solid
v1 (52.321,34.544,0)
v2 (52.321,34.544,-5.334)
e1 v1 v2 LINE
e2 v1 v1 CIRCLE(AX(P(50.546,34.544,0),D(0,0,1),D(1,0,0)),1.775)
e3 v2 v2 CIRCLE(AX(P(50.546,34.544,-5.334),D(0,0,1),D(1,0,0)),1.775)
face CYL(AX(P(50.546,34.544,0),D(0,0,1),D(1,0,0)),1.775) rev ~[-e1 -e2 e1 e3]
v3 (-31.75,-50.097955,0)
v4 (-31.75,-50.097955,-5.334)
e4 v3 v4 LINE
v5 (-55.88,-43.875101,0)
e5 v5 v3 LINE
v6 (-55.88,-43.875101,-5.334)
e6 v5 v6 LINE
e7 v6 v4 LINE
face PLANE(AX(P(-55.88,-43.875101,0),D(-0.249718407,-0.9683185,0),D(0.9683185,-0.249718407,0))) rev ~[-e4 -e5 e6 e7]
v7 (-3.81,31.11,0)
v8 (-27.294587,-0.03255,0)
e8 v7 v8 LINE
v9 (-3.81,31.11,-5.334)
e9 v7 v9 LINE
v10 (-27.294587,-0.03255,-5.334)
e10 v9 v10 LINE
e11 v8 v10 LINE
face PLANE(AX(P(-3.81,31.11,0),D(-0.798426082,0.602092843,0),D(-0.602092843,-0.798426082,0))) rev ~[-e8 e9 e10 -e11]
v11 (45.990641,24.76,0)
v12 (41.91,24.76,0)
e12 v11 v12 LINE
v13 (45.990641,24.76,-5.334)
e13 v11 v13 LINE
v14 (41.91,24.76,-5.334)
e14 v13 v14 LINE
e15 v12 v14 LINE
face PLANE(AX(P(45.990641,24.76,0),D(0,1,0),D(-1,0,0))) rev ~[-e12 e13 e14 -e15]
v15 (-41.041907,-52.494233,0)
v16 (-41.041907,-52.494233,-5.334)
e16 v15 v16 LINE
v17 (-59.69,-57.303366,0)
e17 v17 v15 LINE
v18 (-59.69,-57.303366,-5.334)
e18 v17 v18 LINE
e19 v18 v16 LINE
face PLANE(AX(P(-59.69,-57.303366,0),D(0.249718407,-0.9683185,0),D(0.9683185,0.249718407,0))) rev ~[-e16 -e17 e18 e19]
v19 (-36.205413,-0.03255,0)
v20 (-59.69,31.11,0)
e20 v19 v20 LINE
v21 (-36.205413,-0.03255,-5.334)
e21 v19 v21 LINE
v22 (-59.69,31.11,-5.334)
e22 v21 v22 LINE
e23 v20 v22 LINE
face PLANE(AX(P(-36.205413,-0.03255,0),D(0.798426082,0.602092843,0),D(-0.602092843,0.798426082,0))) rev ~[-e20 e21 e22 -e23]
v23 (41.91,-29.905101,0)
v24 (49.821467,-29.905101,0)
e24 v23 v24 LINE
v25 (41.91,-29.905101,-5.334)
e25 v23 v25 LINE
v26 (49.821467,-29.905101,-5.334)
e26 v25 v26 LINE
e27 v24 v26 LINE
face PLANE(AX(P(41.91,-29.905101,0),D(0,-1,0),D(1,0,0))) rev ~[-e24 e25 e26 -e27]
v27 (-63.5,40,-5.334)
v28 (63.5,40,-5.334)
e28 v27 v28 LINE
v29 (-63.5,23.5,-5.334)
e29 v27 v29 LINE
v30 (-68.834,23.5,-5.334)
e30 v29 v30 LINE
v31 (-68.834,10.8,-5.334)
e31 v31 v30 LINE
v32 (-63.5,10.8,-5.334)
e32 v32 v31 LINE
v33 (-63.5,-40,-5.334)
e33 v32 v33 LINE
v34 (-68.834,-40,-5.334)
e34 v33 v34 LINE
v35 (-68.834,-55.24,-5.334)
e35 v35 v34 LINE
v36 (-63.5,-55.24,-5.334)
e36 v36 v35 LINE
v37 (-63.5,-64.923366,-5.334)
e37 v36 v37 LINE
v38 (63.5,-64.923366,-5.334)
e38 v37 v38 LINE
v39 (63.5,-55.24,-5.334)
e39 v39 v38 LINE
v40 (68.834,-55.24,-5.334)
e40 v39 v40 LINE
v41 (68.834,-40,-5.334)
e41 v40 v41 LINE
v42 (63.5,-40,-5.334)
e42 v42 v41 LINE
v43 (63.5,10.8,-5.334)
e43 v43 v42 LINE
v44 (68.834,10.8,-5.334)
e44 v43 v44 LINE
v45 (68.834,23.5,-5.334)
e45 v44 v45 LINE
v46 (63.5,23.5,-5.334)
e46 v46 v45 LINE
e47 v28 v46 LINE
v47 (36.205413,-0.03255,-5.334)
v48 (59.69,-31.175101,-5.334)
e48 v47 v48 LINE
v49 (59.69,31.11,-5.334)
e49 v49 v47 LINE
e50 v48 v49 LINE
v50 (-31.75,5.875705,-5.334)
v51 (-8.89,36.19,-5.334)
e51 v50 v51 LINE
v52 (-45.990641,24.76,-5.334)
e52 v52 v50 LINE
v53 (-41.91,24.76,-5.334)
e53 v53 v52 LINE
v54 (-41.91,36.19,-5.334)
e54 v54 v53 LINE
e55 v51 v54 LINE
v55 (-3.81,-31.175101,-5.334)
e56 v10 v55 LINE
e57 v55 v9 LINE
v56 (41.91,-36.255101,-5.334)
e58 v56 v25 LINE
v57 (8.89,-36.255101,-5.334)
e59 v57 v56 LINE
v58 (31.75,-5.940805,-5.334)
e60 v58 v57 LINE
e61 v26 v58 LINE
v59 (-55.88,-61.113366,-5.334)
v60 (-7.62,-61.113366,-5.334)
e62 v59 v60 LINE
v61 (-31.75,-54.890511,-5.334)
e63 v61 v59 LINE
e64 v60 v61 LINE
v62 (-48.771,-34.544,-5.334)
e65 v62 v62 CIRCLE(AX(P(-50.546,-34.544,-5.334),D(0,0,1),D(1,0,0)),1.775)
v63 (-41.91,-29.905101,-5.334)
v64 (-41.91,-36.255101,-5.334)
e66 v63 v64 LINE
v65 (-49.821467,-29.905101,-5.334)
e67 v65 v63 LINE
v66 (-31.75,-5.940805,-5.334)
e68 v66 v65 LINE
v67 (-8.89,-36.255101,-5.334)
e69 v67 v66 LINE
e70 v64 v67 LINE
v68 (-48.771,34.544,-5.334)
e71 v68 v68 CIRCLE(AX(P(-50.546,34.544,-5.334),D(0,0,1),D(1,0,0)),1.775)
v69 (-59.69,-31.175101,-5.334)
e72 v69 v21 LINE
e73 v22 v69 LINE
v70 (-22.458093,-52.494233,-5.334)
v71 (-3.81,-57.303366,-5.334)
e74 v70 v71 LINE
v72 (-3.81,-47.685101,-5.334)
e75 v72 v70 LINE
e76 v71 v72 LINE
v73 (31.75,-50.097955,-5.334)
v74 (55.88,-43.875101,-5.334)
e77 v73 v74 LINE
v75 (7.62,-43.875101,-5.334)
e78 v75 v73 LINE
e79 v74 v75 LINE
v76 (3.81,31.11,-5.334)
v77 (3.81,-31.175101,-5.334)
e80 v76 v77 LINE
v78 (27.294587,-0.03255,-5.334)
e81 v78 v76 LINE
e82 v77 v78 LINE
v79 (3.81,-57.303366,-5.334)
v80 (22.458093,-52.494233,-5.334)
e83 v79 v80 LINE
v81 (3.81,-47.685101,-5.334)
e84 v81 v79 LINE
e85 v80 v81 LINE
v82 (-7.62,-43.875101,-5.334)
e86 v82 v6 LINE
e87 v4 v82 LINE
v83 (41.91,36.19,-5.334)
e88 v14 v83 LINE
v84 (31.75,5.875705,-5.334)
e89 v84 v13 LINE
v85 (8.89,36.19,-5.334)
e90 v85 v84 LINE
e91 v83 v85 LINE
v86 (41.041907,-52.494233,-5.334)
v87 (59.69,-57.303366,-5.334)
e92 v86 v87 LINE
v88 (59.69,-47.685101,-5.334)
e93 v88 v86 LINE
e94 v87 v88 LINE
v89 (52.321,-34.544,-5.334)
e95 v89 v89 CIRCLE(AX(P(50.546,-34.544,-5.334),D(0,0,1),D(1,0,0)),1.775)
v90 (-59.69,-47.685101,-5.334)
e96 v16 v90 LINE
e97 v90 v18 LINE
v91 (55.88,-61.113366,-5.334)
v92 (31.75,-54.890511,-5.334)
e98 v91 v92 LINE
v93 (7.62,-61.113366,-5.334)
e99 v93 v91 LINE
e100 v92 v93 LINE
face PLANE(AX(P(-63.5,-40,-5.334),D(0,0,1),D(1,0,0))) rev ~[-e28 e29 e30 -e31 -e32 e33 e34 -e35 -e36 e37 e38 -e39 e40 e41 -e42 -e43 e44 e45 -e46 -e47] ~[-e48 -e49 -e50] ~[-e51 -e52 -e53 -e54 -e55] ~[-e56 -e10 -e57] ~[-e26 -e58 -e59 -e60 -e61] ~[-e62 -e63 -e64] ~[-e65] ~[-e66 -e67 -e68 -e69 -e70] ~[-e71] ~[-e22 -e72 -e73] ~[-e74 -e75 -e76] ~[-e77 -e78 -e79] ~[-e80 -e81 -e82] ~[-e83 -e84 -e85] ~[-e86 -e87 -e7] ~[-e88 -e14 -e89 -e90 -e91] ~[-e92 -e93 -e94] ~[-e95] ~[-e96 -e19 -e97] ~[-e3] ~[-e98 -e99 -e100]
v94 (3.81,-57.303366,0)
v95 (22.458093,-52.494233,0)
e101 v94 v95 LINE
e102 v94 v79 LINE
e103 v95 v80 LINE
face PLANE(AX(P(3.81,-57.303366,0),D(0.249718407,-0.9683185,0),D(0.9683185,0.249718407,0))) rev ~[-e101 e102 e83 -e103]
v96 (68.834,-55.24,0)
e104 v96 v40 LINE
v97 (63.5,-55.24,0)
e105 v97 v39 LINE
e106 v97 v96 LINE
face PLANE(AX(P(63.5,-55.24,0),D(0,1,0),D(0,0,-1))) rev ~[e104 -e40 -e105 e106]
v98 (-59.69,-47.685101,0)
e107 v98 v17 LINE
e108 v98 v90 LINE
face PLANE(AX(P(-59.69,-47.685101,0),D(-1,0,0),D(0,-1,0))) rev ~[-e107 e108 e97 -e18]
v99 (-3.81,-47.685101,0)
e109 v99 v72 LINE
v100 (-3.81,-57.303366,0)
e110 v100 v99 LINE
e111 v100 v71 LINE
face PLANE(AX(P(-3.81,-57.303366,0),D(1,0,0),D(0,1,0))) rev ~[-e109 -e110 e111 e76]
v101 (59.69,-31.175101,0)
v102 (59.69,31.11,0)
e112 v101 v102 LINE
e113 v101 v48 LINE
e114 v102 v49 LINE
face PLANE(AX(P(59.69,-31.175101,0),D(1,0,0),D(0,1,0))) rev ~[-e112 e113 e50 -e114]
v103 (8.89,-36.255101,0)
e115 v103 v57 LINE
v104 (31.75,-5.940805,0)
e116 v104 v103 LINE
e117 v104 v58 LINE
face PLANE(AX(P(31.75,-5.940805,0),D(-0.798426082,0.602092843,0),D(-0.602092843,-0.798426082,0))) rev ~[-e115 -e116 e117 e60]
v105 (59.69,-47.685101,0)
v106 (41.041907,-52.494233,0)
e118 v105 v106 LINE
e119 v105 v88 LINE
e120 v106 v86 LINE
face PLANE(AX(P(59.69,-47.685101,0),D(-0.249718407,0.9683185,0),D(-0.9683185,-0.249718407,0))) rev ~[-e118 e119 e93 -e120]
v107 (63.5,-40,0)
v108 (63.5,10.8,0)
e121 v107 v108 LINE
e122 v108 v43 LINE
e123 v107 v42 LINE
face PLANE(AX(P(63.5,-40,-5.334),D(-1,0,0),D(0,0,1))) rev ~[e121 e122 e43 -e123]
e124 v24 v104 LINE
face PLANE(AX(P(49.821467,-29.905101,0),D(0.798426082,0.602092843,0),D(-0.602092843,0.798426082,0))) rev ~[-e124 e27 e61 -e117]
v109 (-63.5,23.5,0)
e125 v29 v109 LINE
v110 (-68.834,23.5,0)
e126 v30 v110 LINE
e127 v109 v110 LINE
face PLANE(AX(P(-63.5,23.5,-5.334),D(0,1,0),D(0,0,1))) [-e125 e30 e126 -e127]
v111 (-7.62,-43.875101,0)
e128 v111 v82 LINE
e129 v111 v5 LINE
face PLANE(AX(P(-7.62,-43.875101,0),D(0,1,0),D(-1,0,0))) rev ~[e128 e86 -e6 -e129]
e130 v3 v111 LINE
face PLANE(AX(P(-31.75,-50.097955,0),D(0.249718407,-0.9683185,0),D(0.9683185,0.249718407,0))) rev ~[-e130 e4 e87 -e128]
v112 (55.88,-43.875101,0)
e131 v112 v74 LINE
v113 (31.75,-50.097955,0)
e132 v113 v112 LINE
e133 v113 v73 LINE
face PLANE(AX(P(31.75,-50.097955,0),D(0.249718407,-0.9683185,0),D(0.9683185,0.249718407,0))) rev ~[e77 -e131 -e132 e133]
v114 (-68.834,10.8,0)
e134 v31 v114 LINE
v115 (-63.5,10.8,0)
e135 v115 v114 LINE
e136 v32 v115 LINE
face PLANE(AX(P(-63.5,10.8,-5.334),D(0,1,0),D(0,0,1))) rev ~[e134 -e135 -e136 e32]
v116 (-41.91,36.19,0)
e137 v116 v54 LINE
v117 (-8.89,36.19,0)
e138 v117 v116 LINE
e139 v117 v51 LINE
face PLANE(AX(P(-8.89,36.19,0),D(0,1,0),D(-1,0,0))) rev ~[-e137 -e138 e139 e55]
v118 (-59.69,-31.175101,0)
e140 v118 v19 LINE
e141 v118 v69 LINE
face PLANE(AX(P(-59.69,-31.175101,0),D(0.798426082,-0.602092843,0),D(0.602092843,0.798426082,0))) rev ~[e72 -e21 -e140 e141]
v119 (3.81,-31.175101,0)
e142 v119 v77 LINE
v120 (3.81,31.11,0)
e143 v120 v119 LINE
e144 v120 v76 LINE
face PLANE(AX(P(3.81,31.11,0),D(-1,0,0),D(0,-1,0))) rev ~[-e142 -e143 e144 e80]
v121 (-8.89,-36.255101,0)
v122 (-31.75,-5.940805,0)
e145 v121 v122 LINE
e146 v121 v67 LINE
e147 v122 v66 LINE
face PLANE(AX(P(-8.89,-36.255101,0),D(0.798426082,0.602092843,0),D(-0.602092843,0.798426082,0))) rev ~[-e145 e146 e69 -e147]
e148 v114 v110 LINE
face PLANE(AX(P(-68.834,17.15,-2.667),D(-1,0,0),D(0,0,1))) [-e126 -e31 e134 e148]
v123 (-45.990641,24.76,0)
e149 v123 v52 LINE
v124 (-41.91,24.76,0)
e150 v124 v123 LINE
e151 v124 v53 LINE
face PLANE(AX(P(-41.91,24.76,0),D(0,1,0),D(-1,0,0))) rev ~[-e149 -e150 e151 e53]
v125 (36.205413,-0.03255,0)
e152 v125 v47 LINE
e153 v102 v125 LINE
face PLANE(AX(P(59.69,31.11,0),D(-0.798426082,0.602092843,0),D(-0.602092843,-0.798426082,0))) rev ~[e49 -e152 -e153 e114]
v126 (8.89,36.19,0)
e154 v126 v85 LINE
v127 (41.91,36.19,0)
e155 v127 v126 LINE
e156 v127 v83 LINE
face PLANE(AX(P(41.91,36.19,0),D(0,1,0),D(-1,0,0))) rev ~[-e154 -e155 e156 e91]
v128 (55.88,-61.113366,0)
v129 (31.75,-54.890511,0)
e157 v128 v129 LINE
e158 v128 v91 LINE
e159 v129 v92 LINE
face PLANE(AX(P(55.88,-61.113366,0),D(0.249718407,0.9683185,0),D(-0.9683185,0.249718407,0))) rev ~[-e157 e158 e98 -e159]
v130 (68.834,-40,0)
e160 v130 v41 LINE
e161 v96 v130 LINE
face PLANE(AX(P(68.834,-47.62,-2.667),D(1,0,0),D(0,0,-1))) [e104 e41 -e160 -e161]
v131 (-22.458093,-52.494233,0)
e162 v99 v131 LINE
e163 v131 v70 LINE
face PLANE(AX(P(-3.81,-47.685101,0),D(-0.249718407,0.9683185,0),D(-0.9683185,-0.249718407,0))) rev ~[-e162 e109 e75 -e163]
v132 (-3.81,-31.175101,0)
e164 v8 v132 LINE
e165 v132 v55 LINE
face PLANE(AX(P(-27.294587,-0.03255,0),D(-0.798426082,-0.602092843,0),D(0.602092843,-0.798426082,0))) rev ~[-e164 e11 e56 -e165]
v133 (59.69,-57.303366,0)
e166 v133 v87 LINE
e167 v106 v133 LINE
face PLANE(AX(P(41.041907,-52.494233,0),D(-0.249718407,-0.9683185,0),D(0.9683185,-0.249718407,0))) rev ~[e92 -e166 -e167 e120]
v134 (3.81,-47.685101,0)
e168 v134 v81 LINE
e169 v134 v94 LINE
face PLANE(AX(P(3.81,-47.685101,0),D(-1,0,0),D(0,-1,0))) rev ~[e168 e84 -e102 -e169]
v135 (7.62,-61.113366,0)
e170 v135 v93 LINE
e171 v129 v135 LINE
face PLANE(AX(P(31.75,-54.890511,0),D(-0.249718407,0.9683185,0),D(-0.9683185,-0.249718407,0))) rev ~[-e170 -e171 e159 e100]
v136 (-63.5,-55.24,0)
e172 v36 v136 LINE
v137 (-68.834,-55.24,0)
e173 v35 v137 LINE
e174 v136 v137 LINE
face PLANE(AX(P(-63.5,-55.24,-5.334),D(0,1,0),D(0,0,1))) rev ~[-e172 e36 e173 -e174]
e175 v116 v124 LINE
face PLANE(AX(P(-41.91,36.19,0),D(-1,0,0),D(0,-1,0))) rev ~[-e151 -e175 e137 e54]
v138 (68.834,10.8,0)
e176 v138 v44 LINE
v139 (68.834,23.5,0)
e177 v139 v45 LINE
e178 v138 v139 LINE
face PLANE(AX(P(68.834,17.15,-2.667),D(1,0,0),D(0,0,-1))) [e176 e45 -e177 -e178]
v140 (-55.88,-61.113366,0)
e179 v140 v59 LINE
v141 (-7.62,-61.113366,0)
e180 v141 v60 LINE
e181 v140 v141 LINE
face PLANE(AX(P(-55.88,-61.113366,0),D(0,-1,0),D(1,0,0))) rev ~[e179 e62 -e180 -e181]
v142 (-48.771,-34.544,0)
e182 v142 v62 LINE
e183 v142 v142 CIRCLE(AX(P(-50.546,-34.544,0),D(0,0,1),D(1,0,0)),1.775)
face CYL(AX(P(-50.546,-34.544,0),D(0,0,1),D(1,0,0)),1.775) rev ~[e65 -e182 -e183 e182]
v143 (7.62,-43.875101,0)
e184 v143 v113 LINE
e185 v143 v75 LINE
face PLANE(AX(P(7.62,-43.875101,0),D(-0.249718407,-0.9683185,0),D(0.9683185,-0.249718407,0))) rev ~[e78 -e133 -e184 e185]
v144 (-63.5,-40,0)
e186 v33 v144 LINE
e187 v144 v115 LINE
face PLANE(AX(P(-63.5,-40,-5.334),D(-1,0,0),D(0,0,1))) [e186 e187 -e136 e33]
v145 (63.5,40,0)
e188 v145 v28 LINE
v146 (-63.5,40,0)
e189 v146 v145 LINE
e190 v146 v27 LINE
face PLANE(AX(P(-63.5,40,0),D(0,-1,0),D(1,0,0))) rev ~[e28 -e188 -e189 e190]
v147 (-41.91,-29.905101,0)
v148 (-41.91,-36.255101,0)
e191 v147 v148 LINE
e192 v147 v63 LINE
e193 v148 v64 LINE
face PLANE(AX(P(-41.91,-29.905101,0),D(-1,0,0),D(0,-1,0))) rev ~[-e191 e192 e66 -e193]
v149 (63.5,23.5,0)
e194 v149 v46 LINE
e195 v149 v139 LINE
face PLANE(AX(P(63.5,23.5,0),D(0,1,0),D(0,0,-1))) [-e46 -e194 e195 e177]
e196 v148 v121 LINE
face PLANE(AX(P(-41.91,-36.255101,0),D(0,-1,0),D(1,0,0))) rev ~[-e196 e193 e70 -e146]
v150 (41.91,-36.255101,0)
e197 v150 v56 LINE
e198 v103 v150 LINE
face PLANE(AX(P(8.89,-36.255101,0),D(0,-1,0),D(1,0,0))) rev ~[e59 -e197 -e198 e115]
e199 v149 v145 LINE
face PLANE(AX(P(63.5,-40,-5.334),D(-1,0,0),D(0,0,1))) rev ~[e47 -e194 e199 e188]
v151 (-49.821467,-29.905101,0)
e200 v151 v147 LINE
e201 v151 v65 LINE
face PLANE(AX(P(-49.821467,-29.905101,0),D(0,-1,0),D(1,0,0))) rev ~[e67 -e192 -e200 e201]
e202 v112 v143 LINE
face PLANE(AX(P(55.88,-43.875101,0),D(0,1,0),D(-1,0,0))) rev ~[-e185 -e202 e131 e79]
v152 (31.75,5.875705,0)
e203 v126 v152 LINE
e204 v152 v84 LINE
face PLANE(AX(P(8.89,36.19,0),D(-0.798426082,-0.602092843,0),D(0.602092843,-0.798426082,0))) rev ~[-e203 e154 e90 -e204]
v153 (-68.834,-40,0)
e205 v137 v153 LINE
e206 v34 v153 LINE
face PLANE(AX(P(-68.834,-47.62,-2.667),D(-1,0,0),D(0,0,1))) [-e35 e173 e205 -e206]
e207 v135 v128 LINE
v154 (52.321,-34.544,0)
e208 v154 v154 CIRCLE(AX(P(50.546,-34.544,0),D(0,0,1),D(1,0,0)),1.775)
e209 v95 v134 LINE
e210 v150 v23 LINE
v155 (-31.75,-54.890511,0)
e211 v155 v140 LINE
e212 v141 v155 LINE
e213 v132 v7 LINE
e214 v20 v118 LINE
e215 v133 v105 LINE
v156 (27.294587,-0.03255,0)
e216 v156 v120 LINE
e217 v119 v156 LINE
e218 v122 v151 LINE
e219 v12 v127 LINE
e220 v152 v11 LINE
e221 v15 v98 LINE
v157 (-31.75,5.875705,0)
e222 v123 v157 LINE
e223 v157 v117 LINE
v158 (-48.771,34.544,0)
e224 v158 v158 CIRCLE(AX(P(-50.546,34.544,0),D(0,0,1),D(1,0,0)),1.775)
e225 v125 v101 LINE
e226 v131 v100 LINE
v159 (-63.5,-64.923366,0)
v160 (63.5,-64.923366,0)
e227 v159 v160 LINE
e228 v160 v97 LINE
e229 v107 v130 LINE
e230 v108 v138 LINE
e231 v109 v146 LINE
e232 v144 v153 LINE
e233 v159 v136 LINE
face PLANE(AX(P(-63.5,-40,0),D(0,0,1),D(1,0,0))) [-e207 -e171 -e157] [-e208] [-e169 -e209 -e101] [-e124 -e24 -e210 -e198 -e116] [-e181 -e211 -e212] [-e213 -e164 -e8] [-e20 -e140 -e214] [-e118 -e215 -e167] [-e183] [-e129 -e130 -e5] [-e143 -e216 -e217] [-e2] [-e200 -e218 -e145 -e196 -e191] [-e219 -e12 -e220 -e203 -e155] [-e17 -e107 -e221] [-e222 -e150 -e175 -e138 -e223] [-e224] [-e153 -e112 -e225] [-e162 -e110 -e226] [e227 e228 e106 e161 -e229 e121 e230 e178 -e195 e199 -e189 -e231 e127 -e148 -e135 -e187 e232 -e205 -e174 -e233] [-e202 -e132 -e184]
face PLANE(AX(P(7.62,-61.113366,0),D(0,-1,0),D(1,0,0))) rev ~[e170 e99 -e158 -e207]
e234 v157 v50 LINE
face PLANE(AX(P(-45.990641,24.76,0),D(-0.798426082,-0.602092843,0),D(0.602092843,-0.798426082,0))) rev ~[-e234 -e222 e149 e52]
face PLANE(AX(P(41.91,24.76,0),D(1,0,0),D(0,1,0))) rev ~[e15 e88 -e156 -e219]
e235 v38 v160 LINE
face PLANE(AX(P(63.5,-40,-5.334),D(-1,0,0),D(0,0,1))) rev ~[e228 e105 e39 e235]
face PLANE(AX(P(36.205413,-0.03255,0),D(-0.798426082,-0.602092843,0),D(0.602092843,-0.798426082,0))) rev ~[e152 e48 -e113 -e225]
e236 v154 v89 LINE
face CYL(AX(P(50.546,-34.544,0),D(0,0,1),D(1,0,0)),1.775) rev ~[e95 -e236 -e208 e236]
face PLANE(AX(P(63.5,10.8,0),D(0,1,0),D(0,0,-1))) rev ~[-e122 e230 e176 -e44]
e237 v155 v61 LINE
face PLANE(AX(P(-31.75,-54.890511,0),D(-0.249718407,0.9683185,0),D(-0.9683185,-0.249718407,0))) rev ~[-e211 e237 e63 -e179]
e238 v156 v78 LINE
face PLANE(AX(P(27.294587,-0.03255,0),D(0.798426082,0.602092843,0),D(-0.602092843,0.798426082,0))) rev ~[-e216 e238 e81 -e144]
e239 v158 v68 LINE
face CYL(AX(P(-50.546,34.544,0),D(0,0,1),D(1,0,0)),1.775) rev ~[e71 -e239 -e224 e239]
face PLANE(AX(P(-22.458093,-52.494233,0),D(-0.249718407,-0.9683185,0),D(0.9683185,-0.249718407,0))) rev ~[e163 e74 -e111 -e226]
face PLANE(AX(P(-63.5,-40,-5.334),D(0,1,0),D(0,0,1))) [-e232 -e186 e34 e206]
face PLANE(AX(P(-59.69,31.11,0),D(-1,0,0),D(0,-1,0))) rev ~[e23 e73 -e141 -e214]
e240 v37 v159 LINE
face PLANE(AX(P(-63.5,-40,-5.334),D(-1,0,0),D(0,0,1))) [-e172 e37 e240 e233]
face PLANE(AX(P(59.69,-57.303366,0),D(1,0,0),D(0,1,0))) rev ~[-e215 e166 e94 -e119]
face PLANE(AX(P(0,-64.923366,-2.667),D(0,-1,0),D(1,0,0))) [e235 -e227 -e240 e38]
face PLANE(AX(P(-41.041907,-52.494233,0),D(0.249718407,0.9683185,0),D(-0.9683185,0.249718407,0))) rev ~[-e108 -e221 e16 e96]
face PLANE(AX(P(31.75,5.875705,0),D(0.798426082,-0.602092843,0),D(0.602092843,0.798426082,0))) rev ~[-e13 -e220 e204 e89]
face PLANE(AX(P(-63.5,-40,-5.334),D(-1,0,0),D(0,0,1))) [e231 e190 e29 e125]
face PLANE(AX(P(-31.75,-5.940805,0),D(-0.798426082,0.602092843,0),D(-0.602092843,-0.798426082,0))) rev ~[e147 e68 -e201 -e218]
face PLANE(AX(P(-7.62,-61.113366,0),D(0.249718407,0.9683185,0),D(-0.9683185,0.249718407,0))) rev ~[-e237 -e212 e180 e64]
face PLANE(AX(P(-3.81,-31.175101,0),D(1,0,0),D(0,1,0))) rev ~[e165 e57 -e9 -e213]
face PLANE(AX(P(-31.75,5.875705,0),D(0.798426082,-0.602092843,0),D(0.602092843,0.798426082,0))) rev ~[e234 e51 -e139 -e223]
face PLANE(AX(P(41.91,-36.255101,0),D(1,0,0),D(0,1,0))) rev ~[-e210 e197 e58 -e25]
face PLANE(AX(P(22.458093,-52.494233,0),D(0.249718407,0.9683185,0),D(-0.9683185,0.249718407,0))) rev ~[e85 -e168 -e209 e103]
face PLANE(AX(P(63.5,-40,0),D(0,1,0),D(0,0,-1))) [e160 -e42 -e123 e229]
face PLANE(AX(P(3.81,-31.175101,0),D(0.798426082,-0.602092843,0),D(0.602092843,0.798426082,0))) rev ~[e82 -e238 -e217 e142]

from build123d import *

# Parameters (mm, degrees)
SKETCH1_W                = 127
SKETCH1_H                = 80
TOP_DEPTH                = 5.334
SKETCH2_W                = 127
SKETCH2_H                = 5.334
BOTTOM_DEPTH             = 24.923365698
SKETCH4_W                = 5.334
SKETCH4_H                = 15.24
SKETCH4_H_2              = 12.7
RIGHTTOOTH_DEPTH         = 5.334
SKETCH5_W                = 5.334
SKETCH5_H                = 15.24
SKETCH5_H_2              = 12.7
LEFTTOOTH_DEPTH          = 5.334
SKETCH6_R                = 1.775
PERFBOARDSCREWCUTS_DEPTH = 95.771380308
DESIGN_DEPTH             = 5.334


with BuildPart() as part:
    # Sketch1 → Top (new body)
    with BuildSketch(Plane.XY):
        Rectangle(SKETCH1_W, SKETCH1_H)
    extrude(amount=-TOP_DEPTH)

    # Sketch2 → Bottom (add)
    with BuildSketch(Plane.XZ.offset(40)):
        with Locations((0, -2.667)):
            Rectangle(SKETCH2_W, SKETCH2_H)
    extrude(amount=BOTTOM_DEPTH)

    # Sketch4 → RightTooth (add)
    with BuildSketch(Plane(origin=(63.5, 0, 0), x_dir=(0, 0, -1), z_dir=(1, 0, 0))):
        with Locations((2.667, -47.62)):
            Rectangle(SKETCH4_W, SKETCH4_H)
        with Locations((2.667, 17.15)):
            Rectangle(SKETCH4_W, SKETCH4_H_2)
    extrude(amount=RIGHTTOOTH_DEPTH)

    # Sketch5 → LeftTooth (add)
    with BuildSketch(Plane.ZY.offset(63.5)):
        with Locations((-2.667, -47.62)):
            Rectangle(SKETCH5_W, SKETCH5_H)
        with Locations((-2.667, 17.15)):
            Rectangle(SKETCH5_W, SKETCH5_H_2)
    extrude(amount=LEFTTOOTH_DEPTH)

    # Sketch6 → PerfBoardScrewCuts (cut, through all)
    with BuildSketch(Plane.XY):
        with Locations((-50.546, 34.544)):
            Circle(SKETCH6_R)
        with Locations((50.546, 34.544)):
            Circle(SKETCH6_R)
        with Locations((50.546, -34.544)):
            Circle(SKETCH6_R)
        with Locations((-50.546, -34.544)):
            Circle(SKETCH6_R)
    extrude(amount=-PERFBOARDSCREWCUTS_DEPTH, mode=Mode.SUBTRACT)

    # Sketch7 → Design (cut)
    with BuildSketch(Plane.XY):
        Polygon((-36.205413156, -0.032550322), (-59.69, 31.11), (-59.69, -31.175100644), align=None)
        Polygon((-41.91, 24.76), (-45.9906408, 24.76), (-31.75, 5.87570471), (-8.89, 36.19), (-41.91, 36.19), align=None)
        Polygon((-8.89, -36.255100644), (-31.75, -5.940805354), (-49.821467111, -29.905100644), (-41.91, -29.905100644), (-41.91, -36.255100644), align=None)
        Polygon((-3.81, 31.11), (-27.294586844, -0.032550322), (-3.81, -31.175100644), align=None)
        Polygon((3.81, -31.175100644), (27.294586844, -0.032550322), (3.81, 31.11), align=None)
        Polygon((45.9906408, 24.76), (41.91, 24.76), (41.91, 36.19), (8.89, 36.19), (31.75, 5.87570471), align=None)
        Polygon((59.69, 31.11), (36.205413156, -0.032550322), (59.69, -31.175100644), align=None)
        Polygon((49.821467111, -29.905100644), (31.75, -5.940805354), (8.89, -36.255100644), (41.91, -36.255100644), (41.91, -29.905100644), align=None)
        Polygon((55.88, -43.875100644), (7.62, -43.875100644), (31.75, -50.097955181), align=None)
        Polygon((59.69, -47.685100644), (41.041907363, -52.494233171), (59.69, -57.303365698), align=None)
        Polygon((55.88, -61.113365698), (31.75, -54.890511161), (7.62, -61.113365698), align=None)
        Polygon((3.81, -57.303365698), (22.458092637, -52.494233171), (3.81, -47.685100644), align=None)
        Polygon((-3.81, -47.685100644), (-22.458092637, -52.494233171), (-3.81, -57.303365698), align=None)
        Polygon((-55.88, -43.875100644), (-31.75, -50.097955181), (-7.62, -43.875100644), align=None)
        Polygon((-41.041907363, -52.494233171), (-59.69, -47.685100644), (-59.69, -57.303365698), align=None)
        Polygon((-7.62, -61.113365698), (-31.75, -54.890511161), (-55.88, -61.113365698), align=None)
    extrude(amount=-DESIGN_DEPTH, mode=Mode.SUBTRACT)


solid = part.part
